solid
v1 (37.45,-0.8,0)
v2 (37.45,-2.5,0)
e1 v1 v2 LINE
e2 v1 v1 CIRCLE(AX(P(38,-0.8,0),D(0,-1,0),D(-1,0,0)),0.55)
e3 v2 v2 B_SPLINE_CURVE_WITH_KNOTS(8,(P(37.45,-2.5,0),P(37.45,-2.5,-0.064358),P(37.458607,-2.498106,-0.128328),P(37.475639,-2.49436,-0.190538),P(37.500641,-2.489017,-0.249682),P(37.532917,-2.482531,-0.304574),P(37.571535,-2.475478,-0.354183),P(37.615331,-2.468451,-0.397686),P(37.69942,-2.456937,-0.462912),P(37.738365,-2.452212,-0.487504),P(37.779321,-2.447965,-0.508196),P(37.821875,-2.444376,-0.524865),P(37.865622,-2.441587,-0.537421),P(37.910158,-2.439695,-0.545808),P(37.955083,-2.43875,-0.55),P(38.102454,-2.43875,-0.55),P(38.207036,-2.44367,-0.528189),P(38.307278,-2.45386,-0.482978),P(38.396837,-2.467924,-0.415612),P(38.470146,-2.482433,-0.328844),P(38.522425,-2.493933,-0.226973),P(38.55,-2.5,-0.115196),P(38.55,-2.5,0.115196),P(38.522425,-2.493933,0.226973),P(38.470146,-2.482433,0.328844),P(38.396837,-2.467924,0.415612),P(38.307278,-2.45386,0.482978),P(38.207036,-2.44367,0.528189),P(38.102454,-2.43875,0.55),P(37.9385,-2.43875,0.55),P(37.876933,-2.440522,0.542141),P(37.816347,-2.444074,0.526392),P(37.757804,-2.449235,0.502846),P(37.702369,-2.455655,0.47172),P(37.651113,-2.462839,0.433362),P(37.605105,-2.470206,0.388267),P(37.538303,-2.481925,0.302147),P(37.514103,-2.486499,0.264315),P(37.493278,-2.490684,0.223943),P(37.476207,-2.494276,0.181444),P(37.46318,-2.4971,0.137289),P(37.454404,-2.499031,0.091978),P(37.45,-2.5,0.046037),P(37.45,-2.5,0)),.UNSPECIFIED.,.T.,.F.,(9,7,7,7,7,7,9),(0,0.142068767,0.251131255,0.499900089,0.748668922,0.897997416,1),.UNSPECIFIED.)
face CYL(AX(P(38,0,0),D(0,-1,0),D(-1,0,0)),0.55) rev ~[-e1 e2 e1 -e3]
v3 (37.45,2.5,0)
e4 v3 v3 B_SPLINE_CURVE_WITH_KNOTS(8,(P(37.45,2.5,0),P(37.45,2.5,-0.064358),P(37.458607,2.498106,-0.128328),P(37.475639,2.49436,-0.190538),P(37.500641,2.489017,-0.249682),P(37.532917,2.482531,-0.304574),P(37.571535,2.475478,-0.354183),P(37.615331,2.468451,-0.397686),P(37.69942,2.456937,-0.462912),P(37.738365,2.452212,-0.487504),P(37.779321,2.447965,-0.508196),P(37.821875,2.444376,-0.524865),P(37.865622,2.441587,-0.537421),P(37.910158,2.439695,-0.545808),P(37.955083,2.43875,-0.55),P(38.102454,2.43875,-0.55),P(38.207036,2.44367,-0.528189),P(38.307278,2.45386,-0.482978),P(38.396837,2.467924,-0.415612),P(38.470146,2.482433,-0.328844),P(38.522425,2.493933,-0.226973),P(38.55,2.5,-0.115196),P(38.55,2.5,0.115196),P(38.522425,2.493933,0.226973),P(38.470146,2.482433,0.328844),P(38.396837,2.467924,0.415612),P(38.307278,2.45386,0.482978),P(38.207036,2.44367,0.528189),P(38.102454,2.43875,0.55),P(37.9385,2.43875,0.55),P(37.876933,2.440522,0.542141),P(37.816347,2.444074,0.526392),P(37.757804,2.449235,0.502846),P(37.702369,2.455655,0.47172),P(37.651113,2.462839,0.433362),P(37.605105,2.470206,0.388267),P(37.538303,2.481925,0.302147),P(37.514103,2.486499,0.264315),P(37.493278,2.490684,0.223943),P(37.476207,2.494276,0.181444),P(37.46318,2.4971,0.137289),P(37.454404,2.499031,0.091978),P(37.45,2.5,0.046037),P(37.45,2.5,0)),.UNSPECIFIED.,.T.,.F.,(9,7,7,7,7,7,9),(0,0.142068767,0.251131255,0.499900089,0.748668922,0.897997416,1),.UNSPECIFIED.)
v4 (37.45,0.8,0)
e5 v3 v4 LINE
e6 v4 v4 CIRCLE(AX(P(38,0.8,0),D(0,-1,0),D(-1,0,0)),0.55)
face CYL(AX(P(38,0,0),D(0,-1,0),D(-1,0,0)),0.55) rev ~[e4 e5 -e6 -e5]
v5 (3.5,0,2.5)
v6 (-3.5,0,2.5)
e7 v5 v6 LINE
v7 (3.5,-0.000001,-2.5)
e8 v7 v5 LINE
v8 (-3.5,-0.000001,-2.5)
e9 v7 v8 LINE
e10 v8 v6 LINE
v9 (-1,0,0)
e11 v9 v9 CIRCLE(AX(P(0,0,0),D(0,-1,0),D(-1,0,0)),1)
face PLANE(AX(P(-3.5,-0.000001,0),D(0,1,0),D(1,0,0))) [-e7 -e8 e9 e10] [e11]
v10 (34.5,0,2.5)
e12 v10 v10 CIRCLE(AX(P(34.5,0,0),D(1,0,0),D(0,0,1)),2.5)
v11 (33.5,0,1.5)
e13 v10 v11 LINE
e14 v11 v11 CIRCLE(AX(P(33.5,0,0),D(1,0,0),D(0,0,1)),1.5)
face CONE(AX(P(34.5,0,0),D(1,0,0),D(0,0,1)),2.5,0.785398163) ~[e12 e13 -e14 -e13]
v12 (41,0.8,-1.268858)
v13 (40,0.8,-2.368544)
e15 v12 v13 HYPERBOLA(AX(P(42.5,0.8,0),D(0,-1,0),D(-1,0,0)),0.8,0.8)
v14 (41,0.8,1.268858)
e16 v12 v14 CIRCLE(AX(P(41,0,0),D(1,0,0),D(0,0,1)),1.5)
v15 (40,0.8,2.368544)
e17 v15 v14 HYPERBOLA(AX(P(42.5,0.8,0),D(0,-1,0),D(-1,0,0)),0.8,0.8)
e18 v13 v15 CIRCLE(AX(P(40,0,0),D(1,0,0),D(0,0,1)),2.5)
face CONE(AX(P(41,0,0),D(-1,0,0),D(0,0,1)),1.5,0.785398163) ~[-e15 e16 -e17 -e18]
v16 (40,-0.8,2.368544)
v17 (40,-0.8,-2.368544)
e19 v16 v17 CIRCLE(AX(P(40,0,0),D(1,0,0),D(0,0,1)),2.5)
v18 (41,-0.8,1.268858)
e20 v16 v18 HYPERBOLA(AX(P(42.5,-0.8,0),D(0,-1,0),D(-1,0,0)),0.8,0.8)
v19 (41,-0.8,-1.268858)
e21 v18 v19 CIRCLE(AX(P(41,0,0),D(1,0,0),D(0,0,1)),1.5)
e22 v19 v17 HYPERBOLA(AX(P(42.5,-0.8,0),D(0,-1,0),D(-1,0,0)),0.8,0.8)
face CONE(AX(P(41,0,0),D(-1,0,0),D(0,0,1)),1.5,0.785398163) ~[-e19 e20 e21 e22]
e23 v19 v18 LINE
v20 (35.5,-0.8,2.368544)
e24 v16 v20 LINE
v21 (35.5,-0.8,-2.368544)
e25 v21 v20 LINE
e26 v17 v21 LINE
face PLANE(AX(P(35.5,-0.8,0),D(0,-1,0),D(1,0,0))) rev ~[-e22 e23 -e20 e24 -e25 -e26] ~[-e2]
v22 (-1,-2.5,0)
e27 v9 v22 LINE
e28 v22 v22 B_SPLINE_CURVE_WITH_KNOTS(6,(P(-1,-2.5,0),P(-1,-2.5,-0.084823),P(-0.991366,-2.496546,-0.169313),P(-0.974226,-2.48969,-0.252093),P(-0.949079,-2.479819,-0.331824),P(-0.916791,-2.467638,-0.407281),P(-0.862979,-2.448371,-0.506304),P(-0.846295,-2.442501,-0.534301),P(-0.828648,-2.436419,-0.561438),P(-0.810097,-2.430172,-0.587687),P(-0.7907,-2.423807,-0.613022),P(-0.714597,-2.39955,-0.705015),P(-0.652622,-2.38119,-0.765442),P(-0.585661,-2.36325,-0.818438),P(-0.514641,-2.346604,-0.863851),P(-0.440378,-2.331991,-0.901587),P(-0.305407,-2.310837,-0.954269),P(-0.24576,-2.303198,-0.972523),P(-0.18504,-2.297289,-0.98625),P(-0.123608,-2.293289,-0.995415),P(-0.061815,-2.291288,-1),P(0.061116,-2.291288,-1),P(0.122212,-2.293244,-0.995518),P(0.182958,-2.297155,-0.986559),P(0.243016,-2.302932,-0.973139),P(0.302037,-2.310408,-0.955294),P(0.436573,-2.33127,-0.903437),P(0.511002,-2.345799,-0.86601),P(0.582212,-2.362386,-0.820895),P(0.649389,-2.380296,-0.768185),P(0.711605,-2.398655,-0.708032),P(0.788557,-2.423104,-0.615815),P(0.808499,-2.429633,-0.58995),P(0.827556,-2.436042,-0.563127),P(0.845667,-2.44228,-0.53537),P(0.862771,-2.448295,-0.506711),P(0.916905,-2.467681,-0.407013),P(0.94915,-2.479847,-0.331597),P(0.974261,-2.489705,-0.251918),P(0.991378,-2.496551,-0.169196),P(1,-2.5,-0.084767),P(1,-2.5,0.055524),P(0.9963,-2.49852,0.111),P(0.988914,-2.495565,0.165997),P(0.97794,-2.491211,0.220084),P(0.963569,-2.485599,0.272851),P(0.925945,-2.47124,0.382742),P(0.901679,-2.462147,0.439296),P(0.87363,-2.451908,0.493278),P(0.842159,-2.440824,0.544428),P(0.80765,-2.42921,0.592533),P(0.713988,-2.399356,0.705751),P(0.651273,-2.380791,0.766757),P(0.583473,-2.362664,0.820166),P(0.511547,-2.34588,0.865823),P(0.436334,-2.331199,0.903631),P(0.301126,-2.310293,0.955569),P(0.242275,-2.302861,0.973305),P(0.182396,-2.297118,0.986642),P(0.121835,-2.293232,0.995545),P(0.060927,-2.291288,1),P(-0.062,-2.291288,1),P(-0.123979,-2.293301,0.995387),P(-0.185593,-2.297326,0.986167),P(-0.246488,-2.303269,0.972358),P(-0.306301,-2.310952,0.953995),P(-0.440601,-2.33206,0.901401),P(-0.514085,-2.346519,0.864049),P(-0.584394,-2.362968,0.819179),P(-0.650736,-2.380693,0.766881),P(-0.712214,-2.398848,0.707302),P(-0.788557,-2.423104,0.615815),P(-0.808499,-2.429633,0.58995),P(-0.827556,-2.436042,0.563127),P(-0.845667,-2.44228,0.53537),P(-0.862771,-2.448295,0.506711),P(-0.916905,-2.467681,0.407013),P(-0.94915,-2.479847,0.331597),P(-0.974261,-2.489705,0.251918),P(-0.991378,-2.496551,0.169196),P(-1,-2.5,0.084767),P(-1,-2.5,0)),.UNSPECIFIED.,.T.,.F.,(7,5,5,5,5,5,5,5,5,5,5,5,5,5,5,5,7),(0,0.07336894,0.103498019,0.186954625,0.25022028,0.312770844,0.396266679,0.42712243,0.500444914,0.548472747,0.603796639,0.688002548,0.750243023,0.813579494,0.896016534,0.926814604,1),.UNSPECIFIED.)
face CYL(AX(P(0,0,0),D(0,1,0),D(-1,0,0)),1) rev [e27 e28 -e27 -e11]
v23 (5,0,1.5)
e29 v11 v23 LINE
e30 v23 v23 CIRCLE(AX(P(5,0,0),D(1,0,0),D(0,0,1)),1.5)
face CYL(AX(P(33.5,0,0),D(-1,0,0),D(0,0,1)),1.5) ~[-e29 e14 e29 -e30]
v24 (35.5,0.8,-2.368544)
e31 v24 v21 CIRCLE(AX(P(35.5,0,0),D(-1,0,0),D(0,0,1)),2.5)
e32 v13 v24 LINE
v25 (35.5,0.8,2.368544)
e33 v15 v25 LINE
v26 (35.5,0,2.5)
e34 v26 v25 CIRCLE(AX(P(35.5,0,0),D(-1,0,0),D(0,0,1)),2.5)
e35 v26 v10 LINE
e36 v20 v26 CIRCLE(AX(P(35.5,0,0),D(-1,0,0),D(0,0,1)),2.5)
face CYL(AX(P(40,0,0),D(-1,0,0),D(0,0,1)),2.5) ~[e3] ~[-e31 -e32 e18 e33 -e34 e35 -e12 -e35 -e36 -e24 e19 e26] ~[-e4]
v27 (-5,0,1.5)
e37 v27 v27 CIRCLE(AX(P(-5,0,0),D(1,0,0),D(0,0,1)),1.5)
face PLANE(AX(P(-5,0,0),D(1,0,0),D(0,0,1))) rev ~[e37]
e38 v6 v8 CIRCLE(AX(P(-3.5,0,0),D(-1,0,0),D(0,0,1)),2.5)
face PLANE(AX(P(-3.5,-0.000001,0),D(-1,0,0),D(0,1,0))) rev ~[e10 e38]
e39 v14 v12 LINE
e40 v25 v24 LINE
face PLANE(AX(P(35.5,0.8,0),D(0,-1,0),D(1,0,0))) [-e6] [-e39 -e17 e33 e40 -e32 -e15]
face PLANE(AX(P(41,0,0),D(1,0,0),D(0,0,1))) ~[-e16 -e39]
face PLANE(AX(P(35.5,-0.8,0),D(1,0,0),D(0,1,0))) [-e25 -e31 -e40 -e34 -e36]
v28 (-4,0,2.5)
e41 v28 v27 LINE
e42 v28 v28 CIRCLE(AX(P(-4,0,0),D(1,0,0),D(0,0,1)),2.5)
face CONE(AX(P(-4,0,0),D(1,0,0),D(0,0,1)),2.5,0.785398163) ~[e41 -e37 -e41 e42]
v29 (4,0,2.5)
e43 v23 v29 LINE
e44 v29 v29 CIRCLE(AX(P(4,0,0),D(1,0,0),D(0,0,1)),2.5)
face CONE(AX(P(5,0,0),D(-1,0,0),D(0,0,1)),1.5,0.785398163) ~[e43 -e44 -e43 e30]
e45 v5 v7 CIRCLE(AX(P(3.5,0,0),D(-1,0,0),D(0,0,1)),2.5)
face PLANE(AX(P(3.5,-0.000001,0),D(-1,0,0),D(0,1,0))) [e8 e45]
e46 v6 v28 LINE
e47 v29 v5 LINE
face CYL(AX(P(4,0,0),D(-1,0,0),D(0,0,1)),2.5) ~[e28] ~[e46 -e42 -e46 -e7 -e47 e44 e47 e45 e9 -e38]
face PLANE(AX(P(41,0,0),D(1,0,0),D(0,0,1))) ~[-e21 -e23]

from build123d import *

# Parameters (mm, degrees)
F2_DEPTH = 12.7
F3_W     = 7
F3_H     = 4.492721
F3_W_2   = 5.5
F3_H_2   = 1.6
F4_DEPTH = 12.7


with BuildPart() as f1:
    # F0 (on Front) → F1 (revolve)
    with BuildSketch(Plane.XZ):
        with BuildLine():
            ThreePointArc((-1, 0), (0, 1), (1, 0))
            Line((1, 0), (37.45, 0))
            ThreePointArc((37.45, 0), (38, 0.55), (38.55, 0))
            Line((38.55, 0), (41, 0))
            Line((41, 0), (41, 1.5))
            Line((41, 1.5), (40, 2.5))
            Line((40, 2.5), (34.5, 2.5))
            Line((34.5, 2.5), (33.5, 1.5))
            Line((33.5, 1.5), (5, 1.5))
            Line((5, 1.5), (4, 2.5))
            Line((4, 2.5), (-4, 2.5))
            Line((-4, 2.5), (-5, 1.5))
            Line((-5, 1.5), (-5, 0))
            Line((-5, 0), (-1, 0))
        make_face()
        with BuildLine():
            ThreePointArc((-1, 0), (0, -1), (1, 0))
            Line((1, 0), (-1, 0))
        make_face()
        with BuildLine():
            Line((38.55, 0), (37.45, 0))
            ThreePointArc((37.45, 0), (38, -0.55), (38.55, 0))
        make_face()
    revolve(axis=Axis((18, 0, 0), (1, 0, 0)))

    # F0 (on Front) → F2 (cut, symmetric)
    with BuildSketch(Plane.XZ):
        with BuildLine():
            Line((-1, 0), (1, 0))
            ThreePointArc((1, 0), (0, 1), (-1, 0))
        make_face()
        with BuildLine():
            ThreePointArc((-1, 0), (0, -1), (1, 0))
            Line((1, 0), (-1, 0))
        make_face()
        with BuildLine():
            ThreePointArc((38.55, 0), (38, 0.55), (37.45, 0))
            Line((37.45, 0), (38.55, 0))
        make_face()
        with BuildLine():
            Line((38.55, 0), (37.45, 0))
            ThreePointArc((37.45, 0), (38, -0.55), (38.55, 0))
        make_face()
    extrude(amount=F2_DEPTH, both=True, mode=Mode.SUBTRACT)

    # F3 (on Top) → F4 (cut, symmetric)
    with BuildSketch(Plane.XY):
        with Locations((0, 2.24636)):
            Rectangle(F3_W, F3_H)
        with Locations((38.25, 0)):
            Rectangle(F3_W_2, F3_H_2)
    extrude(amount=F4_DEPTH, both=True, mode=Mode.SUBTRACT)


solid = f1.part
